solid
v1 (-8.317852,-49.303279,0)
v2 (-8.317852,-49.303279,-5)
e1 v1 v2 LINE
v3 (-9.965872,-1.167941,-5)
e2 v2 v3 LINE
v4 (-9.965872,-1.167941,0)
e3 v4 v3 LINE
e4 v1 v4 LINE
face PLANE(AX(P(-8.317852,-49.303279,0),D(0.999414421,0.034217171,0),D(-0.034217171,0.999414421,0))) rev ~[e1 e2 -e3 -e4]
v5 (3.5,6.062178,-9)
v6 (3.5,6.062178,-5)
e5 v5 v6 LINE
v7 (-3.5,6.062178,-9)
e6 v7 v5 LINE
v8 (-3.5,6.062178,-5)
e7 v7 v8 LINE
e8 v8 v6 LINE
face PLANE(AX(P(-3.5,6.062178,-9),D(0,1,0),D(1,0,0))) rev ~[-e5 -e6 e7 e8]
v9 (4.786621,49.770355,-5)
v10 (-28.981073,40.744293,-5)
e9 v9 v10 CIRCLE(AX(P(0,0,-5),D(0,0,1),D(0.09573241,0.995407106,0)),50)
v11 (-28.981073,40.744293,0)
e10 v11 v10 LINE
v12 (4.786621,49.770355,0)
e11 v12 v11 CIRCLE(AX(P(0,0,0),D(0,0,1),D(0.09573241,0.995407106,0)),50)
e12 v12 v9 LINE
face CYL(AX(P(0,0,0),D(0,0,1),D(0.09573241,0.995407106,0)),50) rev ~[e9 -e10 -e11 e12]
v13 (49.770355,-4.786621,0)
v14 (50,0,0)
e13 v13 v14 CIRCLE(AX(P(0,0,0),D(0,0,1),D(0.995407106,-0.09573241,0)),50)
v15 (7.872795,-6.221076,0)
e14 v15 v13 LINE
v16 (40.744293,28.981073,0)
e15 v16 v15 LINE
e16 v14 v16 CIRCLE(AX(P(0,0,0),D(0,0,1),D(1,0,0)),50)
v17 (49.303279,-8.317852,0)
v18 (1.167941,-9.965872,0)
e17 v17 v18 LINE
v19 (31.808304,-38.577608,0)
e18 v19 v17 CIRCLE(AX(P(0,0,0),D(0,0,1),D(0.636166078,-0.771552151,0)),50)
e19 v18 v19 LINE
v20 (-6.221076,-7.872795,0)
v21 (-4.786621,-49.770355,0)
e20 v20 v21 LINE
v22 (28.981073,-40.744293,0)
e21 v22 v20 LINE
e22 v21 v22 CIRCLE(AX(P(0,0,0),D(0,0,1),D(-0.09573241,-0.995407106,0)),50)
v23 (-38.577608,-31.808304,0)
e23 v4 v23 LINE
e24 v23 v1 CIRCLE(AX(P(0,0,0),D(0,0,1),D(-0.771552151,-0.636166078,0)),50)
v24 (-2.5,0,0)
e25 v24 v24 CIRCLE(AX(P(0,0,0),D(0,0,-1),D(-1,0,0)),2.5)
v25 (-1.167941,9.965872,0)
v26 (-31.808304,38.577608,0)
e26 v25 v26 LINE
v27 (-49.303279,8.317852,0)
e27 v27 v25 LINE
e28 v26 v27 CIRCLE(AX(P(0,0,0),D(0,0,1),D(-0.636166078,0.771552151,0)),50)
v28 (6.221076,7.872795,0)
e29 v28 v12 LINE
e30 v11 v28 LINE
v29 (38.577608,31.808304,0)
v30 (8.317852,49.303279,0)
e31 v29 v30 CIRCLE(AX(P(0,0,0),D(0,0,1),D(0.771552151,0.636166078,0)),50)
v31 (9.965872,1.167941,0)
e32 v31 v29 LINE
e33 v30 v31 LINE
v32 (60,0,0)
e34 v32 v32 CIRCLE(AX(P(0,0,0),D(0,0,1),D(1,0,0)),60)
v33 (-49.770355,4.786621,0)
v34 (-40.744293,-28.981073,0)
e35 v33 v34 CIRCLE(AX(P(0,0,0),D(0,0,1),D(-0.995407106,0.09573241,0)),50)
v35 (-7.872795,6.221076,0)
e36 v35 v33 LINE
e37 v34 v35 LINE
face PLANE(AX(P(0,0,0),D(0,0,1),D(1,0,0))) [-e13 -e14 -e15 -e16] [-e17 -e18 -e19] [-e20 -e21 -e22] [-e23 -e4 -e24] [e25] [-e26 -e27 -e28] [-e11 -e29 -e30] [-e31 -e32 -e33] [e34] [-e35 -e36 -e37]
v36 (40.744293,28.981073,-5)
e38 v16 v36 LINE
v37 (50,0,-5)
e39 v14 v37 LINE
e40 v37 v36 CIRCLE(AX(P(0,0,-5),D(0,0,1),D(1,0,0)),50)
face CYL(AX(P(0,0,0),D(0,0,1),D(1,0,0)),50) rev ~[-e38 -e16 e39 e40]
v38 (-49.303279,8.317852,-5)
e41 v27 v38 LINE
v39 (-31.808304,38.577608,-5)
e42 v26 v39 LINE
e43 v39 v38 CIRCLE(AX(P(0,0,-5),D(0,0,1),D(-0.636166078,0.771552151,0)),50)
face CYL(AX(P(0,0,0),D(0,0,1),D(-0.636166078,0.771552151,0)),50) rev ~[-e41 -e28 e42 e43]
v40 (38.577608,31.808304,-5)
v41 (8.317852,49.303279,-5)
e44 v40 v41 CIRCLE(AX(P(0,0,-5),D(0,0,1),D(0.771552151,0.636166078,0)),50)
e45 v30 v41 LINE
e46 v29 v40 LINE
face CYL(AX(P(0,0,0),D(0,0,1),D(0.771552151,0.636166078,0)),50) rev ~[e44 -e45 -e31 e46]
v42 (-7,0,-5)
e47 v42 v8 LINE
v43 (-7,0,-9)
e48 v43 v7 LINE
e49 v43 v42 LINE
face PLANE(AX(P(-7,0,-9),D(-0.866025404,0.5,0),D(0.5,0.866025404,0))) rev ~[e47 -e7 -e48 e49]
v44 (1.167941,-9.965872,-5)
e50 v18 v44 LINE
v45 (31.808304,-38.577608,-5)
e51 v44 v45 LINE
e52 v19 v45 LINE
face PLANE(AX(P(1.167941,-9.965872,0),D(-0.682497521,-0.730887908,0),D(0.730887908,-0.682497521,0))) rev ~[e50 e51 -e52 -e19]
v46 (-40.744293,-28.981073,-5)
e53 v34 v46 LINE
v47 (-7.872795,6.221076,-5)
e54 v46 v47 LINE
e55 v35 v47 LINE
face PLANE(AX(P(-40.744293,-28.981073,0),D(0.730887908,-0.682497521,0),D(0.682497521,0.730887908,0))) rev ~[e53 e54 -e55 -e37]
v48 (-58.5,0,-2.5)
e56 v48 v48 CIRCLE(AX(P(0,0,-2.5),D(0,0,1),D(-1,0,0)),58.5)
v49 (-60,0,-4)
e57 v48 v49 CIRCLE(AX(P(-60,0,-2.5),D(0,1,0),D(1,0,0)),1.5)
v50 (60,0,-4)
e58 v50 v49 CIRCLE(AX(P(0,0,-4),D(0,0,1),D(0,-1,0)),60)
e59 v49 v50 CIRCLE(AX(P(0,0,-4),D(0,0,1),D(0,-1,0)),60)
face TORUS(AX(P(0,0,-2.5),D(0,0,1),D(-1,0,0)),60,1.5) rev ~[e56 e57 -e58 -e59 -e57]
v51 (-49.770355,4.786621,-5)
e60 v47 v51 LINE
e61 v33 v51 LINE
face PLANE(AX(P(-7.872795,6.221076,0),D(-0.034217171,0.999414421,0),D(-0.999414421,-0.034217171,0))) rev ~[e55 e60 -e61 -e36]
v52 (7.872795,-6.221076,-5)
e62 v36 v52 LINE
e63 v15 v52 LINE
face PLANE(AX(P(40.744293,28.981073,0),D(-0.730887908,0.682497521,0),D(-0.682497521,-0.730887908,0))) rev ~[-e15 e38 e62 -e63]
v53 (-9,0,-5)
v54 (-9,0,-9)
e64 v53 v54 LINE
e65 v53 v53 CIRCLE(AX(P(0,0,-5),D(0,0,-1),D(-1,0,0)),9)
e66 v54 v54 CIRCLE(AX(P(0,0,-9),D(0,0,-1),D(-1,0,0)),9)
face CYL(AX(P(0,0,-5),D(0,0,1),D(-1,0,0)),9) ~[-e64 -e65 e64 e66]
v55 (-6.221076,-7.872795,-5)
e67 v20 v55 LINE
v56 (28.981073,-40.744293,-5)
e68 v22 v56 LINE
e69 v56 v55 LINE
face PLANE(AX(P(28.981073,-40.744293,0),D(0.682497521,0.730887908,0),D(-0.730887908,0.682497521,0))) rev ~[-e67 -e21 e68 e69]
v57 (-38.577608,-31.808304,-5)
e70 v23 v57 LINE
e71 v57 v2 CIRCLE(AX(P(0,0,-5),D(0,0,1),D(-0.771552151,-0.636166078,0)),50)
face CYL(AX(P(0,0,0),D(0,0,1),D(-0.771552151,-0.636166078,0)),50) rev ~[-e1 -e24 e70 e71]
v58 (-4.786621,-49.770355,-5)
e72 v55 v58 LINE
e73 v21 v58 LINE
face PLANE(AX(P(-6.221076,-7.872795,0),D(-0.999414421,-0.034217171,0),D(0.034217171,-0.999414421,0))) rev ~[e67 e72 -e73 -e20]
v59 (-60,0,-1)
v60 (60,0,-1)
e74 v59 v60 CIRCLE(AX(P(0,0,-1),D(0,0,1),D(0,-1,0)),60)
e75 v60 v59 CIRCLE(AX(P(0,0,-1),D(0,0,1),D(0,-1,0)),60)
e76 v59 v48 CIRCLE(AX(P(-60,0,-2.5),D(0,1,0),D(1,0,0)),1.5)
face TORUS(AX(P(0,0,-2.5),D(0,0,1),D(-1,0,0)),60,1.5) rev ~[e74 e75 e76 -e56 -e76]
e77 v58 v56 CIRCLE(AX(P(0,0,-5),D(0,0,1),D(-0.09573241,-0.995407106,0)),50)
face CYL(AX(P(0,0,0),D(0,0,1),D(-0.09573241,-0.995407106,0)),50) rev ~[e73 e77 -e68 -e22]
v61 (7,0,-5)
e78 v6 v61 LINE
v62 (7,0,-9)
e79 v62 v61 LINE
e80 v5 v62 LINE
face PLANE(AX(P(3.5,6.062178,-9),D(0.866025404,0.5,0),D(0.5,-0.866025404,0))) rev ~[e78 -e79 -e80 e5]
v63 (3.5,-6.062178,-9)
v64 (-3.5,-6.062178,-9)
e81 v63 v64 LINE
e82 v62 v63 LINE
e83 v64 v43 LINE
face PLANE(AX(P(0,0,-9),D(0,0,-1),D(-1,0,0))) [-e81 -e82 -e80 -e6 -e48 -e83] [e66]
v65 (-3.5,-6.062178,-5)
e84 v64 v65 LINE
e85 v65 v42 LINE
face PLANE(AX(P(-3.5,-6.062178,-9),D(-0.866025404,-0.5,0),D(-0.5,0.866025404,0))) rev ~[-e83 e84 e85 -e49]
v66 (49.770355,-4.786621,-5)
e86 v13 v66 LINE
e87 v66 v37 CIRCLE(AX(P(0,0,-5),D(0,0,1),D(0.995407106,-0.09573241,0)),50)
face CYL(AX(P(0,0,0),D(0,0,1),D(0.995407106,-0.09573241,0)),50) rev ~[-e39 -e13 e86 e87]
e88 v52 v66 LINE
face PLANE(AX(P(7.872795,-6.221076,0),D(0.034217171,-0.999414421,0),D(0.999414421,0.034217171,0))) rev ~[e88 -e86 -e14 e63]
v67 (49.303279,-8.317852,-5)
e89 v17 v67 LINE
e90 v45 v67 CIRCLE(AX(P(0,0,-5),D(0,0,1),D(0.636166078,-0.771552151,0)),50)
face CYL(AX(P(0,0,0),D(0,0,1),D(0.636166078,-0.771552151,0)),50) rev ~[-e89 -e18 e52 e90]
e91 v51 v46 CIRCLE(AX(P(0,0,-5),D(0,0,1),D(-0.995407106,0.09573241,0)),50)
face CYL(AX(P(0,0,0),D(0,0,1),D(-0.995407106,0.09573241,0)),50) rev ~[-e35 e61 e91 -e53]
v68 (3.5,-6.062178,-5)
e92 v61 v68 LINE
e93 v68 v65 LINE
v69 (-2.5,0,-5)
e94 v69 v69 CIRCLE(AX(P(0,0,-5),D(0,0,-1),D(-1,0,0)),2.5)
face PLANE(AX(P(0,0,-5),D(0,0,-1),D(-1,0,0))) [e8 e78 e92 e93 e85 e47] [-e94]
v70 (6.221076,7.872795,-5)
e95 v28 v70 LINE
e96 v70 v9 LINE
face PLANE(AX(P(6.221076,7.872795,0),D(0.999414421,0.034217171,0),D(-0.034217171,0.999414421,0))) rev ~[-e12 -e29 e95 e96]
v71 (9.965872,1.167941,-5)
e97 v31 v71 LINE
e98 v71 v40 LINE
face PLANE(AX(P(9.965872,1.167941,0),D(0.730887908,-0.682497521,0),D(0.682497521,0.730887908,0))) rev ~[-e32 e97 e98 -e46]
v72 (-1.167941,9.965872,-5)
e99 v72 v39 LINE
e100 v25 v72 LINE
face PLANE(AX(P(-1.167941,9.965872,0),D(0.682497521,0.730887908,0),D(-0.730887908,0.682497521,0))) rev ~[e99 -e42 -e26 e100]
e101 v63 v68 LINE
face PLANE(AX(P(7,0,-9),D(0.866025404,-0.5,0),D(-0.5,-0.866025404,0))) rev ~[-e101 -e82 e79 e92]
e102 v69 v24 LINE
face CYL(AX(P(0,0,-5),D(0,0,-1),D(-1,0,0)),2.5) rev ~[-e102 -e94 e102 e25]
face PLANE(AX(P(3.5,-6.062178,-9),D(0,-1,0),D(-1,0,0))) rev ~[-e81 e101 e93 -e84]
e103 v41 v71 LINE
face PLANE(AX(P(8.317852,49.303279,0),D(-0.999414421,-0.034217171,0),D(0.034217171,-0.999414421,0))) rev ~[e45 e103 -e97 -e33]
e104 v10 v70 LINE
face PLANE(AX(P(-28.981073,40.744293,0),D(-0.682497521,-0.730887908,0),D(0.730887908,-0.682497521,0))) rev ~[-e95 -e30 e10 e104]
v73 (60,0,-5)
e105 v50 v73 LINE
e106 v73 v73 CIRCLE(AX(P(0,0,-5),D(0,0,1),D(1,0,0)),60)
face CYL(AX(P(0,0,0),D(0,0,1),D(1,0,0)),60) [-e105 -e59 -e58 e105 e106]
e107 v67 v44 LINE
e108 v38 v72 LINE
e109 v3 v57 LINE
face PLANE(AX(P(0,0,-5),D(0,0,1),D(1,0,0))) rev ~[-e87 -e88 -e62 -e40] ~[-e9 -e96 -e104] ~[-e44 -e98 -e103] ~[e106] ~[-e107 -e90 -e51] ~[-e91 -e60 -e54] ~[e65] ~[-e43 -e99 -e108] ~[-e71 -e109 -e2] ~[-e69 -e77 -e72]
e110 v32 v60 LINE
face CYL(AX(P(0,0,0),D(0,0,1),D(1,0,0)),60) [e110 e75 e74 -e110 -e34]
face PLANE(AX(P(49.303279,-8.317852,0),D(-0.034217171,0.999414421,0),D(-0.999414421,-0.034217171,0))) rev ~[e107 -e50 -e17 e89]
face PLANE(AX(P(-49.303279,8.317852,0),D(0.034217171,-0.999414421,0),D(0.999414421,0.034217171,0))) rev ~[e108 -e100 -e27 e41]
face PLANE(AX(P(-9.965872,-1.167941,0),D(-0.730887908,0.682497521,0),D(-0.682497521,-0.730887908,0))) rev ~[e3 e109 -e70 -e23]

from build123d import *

# Parameters (mm, degrees)
SKETCH1_R           = 60
BOSS_EXTRUDE1_DEPTH = 5
CUT_EXTRUDE2_DEPTH  = 5
SKETCH9_R           = 1.5
SKETCH10_R          = 9
BOSS_EXTRUDE2_DEPTH = 4
CUT_EXTRUDE4_DEPTH  = 4
SKETCH12_R          = 2.5
CUT_EXTRUDE5_DEPTH  = 6


with BuildPart() as part:
    # Sketch1 → Boss-Extrude1 (new body)
    with BuildSketch(Plane.XY):
        Circle(SKETCH1_R)
    extrude(amount=-BOSS_EXTRUDE1_DEPTH)

    # Sketch7 → Cut-Extrude2 (cut)
    with BuildSketch(Plane.XY):
        with BuildLine():
            ThreePointArc((-4.786620503, -49.770355275), (12.911635843, -48.304137088), (28.981073455, -40.744292624))
            Line((28.981073455, -40.744292624), (-6.221076455, -7.872795103))
            Line((-6.221076455, -7.872795103), (-4.786620503, -49.770355275))
        make_face()
        with BuildLine():
            Line((49.303279175, -8.317852043), (1.167941456, -9.965872152))
            Line((1.167941456, -9.965872152), (31.8083039, -38.577607534))
            ThreePointArc((31.8083039, -38.577607534), (43.286088156, -25.026277633), (49.303279175, -8.317852043))
        make_face()
        with BuildLine():
            Line((40.744292624, 28.981073455), (7.872795103, -6.221076455))
            Line((7.872795103, -6.221076455), (49.770355275, -4.786620503))
            ThreePointArc((49.770355275, -4.786620503), (49.94255582, -2.396063049), (50, 0))
            ThreePointArc((50, 0), (47.629899387, 15.211597037), (40.744292624, 28.981073455))
        make_face()
        with BuildLine():
            Line((9.965872152, 1.167941456), (38.577607534, 31.8083039))
            ThreePointArc((38.577607534, 31.8083039), (25.026277633, 43.286088156), (8.317852043, 49.303279175))
            Line((8.317852043, 49.303279175), (9.965872152, 1.167941456))
        make_face()
        with BuildLine():
            Line((6.221076455, 7.872795103), (4.786620503, 49.770355275))
            ThreePointArc((4.786620503, 49.770355275), (-12.911635843, 48.304137088), (-28.981073455, 40.744292624))
            Line((-28.981073455, 40.744292624), (6.221076455, 7.872795103))
        make_face()
        with BuildLine():
            Line((-1.167941456, 9.965872152), (-31.8083039, 38.577607534))
            ThreePointArc((-31.8083039, 38.577607534), (-43.286088156, 25.026277633), (-49.303279175, 8.317852043))
            Line((-49.303279175, 8.317852043), (-1.167941456, 9.965872152))
        make_face()
        with BuildLine():
            ThreePointArc((-49.770355275, 4.786620503), (-48.304137088, -12.911635843), (-40.744292624, -28.981073455))
            Line((-40.744292624, -28.981073455), (-7.872795103, 6.221076455))
            Line((-7.872795103, 6.221076455), (-49.770355275, 4.786620503))
        make_face()
        with BuildLine():
            ThreePointArc((-38.577607534, -31.8083039), (-25.026277633, -43.286088156), (-8.317852043, -49.303279175))
            Line((-8.317852043, -49.303279175), (-9.965872152, -1.167941456))
            Line((-9.965872152, -1.167941456), (-38.577607534, -31.8083039))
        make_face()
    extrude(amount=-CUT_EXTRUDE2_DEPTH, mode=Mode.SUBTRACT)

    # Sketch9 → Cut-Revolve3 (revolve, cut)
    with BuildSketch(Plane(origin=(0, 0, 0), x_dir=(1, 0, 0), z_dir=(0, 1, 0))):
        with Locations((-60, 2.5)):
            Circle(SKETCH9_R)
    revolve(axis=Axis((0, 0, -92.148103423), (0, 0, 1)), mode=Mode.SUBTRACT)

    # Sketch10 → Boss-Extrude2 (add)
    with BuildSketch(Plane(origin=(0, 0, -5), x_dir=(-1, 0, 0), z_dir=(0, 0, -1))):
        Circle(SKETCH10_R)
    extrude(amount=BOSS_EXTRUDE2_DEPTH)

    # Sketch11 → Cut-Extrude4 (cut)
    with BuildSketch(Plane(origin=(0, 0, -9), x_dir=(-1, 0, 0), z_dir=(0, 0, -1))):
        Polygon((7, 0), (3.5, 6.062177826), (-3.5, 6.062177826), (-7, 0), (-3.5, -6.062177826), (3.5, -6.062177826), align=None)
    extrude(amount=-CUT_EXTRUDE4_DEPTH, mode=Mode.SUBTRACT)

    # Sketch12 → Cut-Extrude5 (cut, through all)
    with BuildSketch(Plane(origin=(0, 0, -5), x_dir=(-1, 0, 0), z_dir=(0, 0, -1))):
        Circle(SKETCH12_R)
    extrude(amount=-CUT_EXTRUDE5_DEPTH, mode=Mode.SUBTRACT)


solid = part.part
